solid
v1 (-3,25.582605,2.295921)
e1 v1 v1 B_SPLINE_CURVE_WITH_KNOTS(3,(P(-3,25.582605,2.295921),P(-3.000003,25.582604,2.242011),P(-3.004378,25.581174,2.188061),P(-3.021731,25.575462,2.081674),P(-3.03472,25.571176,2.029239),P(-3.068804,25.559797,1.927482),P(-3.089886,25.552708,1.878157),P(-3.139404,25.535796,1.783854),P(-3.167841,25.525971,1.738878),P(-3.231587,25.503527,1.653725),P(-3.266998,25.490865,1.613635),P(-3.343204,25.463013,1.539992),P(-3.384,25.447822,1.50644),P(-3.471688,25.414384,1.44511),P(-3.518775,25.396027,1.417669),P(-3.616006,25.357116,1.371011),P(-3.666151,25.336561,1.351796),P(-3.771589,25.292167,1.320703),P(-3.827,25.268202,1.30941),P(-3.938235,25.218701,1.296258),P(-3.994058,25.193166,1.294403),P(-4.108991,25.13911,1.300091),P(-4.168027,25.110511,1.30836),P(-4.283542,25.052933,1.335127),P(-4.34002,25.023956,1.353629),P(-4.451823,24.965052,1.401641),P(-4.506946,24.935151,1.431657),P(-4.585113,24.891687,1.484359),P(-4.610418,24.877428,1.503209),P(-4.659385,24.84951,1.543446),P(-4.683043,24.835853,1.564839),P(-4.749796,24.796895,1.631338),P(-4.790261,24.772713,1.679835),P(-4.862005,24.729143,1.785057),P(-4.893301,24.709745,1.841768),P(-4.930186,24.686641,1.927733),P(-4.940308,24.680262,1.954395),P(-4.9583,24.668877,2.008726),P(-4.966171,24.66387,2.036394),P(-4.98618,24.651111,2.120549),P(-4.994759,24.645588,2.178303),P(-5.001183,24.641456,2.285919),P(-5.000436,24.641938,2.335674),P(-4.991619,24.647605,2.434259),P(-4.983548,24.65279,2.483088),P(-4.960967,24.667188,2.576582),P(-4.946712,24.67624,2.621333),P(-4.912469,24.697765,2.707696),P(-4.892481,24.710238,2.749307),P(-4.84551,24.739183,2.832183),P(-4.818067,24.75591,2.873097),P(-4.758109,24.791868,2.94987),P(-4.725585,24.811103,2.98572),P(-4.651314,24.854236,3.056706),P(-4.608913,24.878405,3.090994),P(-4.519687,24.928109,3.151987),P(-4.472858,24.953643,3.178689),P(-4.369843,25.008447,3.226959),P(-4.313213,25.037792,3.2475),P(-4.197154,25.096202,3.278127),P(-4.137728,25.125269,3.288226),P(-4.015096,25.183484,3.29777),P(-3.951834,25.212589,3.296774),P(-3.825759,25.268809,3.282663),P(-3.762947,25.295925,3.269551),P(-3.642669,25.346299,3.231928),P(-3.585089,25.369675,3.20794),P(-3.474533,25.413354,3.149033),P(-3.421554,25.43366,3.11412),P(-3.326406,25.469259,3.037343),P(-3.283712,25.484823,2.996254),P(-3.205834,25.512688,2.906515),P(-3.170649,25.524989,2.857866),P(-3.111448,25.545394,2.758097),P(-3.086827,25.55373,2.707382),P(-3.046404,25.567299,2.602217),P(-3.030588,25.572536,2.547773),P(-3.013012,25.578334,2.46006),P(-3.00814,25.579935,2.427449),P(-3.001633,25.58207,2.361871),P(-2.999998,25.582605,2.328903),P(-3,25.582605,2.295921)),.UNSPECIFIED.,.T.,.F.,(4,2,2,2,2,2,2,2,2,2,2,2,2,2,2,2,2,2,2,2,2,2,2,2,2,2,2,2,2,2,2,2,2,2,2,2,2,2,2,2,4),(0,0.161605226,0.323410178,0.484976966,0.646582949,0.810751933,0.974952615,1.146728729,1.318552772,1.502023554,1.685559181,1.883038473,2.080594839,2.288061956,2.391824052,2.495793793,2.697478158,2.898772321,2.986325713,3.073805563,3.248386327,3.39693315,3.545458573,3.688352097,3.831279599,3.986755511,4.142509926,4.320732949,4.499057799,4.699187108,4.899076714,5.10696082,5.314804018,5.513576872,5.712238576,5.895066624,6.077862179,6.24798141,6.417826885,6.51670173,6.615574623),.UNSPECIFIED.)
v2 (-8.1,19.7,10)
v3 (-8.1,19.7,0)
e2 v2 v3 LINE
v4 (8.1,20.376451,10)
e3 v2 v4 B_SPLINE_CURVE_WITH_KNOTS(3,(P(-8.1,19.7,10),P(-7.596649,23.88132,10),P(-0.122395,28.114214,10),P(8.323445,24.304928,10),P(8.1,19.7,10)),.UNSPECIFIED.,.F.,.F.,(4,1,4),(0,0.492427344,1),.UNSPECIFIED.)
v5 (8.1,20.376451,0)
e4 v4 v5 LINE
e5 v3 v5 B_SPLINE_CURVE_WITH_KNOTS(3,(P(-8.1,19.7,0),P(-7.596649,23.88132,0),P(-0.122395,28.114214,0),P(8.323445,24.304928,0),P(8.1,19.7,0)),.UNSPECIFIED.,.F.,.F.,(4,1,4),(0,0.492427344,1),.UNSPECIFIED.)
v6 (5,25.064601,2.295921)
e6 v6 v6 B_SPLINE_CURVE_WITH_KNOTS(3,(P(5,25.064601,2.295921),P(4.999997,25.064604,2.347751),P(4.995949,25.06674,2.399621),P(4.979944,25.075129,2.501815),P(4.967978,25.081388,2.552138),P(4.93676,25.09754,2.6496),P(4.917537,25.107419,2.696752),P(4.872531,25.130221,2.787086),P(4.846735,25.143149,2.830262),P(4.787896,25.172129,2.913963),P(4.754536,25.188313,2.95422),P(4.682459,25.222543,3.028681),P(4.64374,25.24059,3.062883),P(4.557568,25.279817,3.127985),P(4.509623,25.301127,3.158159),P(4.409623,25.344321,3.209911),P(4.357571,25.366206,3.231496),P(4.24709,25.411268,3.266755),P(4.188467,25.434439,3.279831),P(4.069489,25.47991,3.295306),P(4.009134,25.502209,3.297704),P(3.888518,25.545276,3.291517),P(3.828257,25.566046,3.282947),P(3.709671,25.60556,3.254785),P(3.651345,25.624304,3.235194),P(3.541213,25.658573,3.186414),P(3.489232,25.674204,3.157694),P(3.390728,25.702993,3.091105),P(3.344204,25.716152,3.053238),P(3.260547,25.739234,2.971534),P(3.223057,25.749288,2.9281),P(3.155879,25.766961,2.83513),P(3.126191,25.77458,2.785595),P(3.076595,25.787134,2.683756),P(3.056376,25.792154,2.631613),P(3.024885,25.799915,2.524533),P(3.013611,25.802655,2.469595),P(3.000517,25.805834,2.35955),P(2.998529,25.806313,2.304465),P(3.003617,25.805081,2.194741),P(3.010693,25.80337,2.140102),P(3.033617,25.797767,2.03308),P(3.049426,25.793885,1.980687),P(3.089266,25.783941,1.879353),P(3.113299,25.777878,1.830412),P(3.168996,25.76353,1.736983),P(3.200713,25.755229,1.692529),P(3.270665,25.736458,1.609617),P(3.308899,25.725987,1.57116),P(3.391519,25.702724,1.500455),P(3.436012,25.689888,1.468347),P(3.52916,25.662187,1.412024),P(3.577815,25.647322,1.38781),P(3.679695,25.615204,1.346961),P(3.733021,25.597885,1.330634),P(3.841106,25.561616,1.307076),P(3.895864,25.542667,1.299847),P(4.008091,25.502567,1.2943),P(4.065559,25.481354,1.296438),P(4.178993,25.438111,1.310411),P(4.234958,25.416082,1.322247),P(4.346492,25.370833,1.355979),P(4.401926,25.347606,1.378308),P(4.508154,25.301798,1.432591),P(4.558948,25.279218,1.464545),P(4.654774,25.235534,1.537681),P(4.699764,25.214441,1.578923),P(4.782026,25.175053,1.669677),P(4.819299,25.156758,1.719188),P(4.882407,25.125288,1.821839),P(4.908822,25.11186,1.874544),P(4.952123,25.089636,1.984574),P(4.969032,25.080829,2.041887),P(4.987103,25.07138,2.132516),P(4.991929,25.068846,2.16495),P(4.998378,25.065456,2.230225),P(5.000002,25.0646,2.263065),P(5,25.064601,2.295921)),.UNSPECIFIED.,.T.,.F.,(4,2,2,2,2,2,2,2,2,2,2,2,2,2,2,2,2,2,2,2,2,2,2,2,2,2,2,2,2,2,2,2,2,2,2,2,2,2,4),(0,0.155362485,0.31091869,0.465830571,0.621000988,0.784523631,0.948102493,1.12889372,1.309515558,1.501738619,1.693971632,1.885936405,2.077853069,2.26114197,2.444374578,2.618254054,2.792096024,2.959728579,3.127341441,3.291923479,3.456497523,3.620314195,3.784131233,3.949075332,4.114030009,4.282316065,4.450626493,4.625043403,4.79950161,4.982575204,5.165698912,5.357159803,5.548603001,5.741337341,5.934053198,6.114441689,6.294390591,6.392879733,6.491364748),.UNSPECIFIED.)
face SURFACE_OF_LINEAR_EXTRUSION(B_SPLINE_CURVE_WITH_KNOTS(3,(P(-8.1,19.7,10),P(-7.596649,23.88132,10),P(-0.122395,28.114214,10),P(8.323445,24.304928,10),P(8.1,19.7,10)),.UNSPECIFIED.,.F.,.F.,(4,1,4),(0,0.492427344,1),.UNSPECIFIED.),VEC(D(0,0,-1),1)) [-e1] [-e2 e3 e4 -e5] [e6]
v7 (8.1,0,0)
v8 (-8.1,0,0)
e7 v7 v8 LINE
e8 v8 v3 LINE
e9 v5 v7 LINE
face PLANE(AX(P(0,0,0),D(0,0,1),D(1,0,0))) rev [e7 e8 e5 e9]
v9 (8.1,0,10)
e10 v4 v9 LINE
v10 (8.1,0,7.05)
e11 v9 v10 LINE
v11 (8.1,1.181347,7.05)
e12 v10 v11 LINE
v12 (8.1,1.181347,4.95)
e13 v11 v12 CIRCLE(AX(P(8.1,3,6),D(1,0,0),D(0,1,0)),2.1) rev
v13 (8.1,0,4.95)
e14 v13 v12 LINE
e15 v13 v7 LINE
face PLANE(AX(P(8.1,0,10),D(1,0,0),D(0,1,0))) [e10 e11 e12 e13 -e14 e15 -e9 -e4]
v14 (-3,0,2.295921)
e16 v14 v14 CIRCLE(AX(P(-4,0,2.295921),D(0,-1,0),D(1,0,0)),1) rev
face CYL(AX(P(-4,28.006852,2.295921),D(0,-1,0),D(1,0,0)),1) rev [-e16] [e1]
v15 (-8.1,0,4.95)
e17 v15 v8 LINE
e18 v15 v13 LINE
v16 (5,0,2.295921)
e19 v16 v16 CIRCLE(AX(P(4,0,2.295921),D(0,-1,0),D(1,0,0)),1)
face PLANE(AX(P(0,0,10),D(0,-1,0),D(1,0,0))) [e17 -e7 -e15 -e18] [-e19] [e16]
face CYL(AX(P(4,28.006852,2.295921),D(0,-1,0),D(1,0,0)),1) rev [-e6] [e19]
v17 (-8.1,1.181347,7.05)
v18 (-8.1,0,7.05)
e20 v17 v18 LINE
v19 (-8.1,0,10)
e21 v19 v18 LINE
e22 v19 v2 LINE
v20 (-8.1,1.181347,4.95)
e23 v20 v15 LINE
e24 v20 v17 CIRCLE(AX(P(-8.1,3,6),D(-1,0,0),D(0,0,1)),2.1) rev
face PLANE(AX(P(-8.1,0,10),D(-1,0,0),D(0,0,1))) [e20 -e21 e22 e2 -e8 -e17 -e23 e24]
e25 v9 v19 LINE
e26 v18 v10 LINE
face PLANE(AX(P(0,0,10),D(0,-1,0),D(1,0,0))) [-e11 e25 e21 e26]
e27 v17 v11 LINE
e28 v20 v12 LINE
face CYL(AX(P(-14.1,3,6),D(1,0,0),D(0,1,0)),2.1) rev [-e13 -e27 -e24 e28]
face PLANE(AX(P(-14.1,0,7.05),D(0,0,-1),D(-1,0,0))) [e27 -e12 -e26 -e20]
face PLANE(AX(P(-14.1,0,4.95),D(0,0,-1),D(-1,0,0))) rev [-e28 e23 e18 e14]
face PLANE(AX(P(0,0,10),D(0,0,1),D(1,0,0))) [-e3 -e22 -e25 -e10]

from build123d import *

# Parameters (mm, degrees)
BOSS_EXTRUDE1_DEPTH      = 10
CUT_EXTRUDE9_REACH       = 28.107
SKETCH11_R               = 1
CUT_EXTRUDE16_DEPTH      = 14.1
CUT_EXTRUDE16_DEPTH_BACK = 14.1


with BuildPart() as part:
    # Sketch1 → Boss-Extrude1 (new body)
    with BuildSketch(Plane.XY):
        with BuildLine():
            Line((-8.1, 0), (8.1, 0))
            Line((8.1, 0), (8.1, 19.7))
            Line((8.1, 19.7), (8.1, 20.376450886))
            add(Edge.make_bspline(
                [(6.48935173, 24), (7.416747291, 23.101820665), (8.022787745, 21.902680364), (8.1, 20.376450886)],
                knots=[0.795779931, 0.795779931, 0.795779931, 0.795779931, 0.974400134, 0.974400134, 0.974400134, 0.974400134], degree=3))
            Line((6.48935173, 24), (-5.856909443, 24))
            add(Edge.make_bspline(
                [(-8.1, 19.7), (-7.879513959, 21.531569286), (-7.049405333, 22.960789218), (-5.856909443, 24)],
                knots=[0, 0, 0, 0, 0.215700958, 0.215700958, 0.215700958, 0.215700958], degree=3))
            Line((-8.1, 19.7), (-8.1, 0))
        make_face()
        with BuildLine():
            add(Edge.make_bspline(
                [(-5.856909443, 24), (-4.327036412, 25.333220988), (0.13018942, 26.782367162), (4.914346008, 25.525387495), (6.48935173, 24)],
                knots=[0.215700958, 0.215700958, 0.215700958, 0.215700958, 0.492427344, 0.795779931, 0.795779931, 0.795779931, 0.795779931], degree=3))
            Line((-5.856909443, 24), (6.48935173, 24))
        make_face()
    extrude(amount=BOSS_EXTRUDE1_DEPTH)

    # Sketch11 → Cut-Extrude9 (cut, up to next)
    with BuildSketch(Plane.XZ, mode=Mode.PRIVATE) as cut_extrude9_sk1:
        with Locations((4, 2.295920755)):
            Circle(SKETCH11_R)
    cut_extrude9_tool1 = extrude(cut_extrude9_sk1.sketch, amount=-CUT_EXTRUDE9_REACH, mode=Mode.PRIVATE) & part.part
    add(cut_extrude9_tool1.solids().sort_by_distance((4, 0, 2.295921))[0], mode=Mode.SUBTRACT)
    # Sketch11 → Cut-Extrude9 (cut, up to next)
    with BuildSketch(Plane.XZ, mode=Mode.PRIVATE) as cut_extrude9_sk2:
        with Locations((-4, 2.295920755)):
            Circle(SKETCH11_R)
    cut_extrude9_tool2 = extrude(cut_extrude9_sk2.sketch, amount=-CUT_EXTRUDE9_REACH, mode=Mode.PRIVATE) & part.part
    add(cut_extrude9_tool2.solids().sort_by_distance((-4, 0, 2.295921))[0], mode=Mode.SUBTRACT)

    # Sketch14 → Cut-Extrude16 (cut, two sides)
    with BuildSketch(Plane.ZY) as cut_extrude16_sk:
        with BuildLine():
            Line((4.95, 1.181346652), (4.95, 0))
            Line((4.95, 0), (7.05, 0))
            Line((7.05, 0), (7.05, 1.181346652))
            ThreePointArc((7.05, 1.181346652), (6, 5.1), (4.95, 1.181346652))
        make_face()
    extrude(amount=CUT_EXTRUDE16_DEPTH, mode=Mode.SUBTRACT)
    extrude(cut_extrude16_sk.sketch, amount=-CUT_EXTRUDE16_DEPTH_BACK, mode=Mode.SUBTRACT)


solid = part.part
